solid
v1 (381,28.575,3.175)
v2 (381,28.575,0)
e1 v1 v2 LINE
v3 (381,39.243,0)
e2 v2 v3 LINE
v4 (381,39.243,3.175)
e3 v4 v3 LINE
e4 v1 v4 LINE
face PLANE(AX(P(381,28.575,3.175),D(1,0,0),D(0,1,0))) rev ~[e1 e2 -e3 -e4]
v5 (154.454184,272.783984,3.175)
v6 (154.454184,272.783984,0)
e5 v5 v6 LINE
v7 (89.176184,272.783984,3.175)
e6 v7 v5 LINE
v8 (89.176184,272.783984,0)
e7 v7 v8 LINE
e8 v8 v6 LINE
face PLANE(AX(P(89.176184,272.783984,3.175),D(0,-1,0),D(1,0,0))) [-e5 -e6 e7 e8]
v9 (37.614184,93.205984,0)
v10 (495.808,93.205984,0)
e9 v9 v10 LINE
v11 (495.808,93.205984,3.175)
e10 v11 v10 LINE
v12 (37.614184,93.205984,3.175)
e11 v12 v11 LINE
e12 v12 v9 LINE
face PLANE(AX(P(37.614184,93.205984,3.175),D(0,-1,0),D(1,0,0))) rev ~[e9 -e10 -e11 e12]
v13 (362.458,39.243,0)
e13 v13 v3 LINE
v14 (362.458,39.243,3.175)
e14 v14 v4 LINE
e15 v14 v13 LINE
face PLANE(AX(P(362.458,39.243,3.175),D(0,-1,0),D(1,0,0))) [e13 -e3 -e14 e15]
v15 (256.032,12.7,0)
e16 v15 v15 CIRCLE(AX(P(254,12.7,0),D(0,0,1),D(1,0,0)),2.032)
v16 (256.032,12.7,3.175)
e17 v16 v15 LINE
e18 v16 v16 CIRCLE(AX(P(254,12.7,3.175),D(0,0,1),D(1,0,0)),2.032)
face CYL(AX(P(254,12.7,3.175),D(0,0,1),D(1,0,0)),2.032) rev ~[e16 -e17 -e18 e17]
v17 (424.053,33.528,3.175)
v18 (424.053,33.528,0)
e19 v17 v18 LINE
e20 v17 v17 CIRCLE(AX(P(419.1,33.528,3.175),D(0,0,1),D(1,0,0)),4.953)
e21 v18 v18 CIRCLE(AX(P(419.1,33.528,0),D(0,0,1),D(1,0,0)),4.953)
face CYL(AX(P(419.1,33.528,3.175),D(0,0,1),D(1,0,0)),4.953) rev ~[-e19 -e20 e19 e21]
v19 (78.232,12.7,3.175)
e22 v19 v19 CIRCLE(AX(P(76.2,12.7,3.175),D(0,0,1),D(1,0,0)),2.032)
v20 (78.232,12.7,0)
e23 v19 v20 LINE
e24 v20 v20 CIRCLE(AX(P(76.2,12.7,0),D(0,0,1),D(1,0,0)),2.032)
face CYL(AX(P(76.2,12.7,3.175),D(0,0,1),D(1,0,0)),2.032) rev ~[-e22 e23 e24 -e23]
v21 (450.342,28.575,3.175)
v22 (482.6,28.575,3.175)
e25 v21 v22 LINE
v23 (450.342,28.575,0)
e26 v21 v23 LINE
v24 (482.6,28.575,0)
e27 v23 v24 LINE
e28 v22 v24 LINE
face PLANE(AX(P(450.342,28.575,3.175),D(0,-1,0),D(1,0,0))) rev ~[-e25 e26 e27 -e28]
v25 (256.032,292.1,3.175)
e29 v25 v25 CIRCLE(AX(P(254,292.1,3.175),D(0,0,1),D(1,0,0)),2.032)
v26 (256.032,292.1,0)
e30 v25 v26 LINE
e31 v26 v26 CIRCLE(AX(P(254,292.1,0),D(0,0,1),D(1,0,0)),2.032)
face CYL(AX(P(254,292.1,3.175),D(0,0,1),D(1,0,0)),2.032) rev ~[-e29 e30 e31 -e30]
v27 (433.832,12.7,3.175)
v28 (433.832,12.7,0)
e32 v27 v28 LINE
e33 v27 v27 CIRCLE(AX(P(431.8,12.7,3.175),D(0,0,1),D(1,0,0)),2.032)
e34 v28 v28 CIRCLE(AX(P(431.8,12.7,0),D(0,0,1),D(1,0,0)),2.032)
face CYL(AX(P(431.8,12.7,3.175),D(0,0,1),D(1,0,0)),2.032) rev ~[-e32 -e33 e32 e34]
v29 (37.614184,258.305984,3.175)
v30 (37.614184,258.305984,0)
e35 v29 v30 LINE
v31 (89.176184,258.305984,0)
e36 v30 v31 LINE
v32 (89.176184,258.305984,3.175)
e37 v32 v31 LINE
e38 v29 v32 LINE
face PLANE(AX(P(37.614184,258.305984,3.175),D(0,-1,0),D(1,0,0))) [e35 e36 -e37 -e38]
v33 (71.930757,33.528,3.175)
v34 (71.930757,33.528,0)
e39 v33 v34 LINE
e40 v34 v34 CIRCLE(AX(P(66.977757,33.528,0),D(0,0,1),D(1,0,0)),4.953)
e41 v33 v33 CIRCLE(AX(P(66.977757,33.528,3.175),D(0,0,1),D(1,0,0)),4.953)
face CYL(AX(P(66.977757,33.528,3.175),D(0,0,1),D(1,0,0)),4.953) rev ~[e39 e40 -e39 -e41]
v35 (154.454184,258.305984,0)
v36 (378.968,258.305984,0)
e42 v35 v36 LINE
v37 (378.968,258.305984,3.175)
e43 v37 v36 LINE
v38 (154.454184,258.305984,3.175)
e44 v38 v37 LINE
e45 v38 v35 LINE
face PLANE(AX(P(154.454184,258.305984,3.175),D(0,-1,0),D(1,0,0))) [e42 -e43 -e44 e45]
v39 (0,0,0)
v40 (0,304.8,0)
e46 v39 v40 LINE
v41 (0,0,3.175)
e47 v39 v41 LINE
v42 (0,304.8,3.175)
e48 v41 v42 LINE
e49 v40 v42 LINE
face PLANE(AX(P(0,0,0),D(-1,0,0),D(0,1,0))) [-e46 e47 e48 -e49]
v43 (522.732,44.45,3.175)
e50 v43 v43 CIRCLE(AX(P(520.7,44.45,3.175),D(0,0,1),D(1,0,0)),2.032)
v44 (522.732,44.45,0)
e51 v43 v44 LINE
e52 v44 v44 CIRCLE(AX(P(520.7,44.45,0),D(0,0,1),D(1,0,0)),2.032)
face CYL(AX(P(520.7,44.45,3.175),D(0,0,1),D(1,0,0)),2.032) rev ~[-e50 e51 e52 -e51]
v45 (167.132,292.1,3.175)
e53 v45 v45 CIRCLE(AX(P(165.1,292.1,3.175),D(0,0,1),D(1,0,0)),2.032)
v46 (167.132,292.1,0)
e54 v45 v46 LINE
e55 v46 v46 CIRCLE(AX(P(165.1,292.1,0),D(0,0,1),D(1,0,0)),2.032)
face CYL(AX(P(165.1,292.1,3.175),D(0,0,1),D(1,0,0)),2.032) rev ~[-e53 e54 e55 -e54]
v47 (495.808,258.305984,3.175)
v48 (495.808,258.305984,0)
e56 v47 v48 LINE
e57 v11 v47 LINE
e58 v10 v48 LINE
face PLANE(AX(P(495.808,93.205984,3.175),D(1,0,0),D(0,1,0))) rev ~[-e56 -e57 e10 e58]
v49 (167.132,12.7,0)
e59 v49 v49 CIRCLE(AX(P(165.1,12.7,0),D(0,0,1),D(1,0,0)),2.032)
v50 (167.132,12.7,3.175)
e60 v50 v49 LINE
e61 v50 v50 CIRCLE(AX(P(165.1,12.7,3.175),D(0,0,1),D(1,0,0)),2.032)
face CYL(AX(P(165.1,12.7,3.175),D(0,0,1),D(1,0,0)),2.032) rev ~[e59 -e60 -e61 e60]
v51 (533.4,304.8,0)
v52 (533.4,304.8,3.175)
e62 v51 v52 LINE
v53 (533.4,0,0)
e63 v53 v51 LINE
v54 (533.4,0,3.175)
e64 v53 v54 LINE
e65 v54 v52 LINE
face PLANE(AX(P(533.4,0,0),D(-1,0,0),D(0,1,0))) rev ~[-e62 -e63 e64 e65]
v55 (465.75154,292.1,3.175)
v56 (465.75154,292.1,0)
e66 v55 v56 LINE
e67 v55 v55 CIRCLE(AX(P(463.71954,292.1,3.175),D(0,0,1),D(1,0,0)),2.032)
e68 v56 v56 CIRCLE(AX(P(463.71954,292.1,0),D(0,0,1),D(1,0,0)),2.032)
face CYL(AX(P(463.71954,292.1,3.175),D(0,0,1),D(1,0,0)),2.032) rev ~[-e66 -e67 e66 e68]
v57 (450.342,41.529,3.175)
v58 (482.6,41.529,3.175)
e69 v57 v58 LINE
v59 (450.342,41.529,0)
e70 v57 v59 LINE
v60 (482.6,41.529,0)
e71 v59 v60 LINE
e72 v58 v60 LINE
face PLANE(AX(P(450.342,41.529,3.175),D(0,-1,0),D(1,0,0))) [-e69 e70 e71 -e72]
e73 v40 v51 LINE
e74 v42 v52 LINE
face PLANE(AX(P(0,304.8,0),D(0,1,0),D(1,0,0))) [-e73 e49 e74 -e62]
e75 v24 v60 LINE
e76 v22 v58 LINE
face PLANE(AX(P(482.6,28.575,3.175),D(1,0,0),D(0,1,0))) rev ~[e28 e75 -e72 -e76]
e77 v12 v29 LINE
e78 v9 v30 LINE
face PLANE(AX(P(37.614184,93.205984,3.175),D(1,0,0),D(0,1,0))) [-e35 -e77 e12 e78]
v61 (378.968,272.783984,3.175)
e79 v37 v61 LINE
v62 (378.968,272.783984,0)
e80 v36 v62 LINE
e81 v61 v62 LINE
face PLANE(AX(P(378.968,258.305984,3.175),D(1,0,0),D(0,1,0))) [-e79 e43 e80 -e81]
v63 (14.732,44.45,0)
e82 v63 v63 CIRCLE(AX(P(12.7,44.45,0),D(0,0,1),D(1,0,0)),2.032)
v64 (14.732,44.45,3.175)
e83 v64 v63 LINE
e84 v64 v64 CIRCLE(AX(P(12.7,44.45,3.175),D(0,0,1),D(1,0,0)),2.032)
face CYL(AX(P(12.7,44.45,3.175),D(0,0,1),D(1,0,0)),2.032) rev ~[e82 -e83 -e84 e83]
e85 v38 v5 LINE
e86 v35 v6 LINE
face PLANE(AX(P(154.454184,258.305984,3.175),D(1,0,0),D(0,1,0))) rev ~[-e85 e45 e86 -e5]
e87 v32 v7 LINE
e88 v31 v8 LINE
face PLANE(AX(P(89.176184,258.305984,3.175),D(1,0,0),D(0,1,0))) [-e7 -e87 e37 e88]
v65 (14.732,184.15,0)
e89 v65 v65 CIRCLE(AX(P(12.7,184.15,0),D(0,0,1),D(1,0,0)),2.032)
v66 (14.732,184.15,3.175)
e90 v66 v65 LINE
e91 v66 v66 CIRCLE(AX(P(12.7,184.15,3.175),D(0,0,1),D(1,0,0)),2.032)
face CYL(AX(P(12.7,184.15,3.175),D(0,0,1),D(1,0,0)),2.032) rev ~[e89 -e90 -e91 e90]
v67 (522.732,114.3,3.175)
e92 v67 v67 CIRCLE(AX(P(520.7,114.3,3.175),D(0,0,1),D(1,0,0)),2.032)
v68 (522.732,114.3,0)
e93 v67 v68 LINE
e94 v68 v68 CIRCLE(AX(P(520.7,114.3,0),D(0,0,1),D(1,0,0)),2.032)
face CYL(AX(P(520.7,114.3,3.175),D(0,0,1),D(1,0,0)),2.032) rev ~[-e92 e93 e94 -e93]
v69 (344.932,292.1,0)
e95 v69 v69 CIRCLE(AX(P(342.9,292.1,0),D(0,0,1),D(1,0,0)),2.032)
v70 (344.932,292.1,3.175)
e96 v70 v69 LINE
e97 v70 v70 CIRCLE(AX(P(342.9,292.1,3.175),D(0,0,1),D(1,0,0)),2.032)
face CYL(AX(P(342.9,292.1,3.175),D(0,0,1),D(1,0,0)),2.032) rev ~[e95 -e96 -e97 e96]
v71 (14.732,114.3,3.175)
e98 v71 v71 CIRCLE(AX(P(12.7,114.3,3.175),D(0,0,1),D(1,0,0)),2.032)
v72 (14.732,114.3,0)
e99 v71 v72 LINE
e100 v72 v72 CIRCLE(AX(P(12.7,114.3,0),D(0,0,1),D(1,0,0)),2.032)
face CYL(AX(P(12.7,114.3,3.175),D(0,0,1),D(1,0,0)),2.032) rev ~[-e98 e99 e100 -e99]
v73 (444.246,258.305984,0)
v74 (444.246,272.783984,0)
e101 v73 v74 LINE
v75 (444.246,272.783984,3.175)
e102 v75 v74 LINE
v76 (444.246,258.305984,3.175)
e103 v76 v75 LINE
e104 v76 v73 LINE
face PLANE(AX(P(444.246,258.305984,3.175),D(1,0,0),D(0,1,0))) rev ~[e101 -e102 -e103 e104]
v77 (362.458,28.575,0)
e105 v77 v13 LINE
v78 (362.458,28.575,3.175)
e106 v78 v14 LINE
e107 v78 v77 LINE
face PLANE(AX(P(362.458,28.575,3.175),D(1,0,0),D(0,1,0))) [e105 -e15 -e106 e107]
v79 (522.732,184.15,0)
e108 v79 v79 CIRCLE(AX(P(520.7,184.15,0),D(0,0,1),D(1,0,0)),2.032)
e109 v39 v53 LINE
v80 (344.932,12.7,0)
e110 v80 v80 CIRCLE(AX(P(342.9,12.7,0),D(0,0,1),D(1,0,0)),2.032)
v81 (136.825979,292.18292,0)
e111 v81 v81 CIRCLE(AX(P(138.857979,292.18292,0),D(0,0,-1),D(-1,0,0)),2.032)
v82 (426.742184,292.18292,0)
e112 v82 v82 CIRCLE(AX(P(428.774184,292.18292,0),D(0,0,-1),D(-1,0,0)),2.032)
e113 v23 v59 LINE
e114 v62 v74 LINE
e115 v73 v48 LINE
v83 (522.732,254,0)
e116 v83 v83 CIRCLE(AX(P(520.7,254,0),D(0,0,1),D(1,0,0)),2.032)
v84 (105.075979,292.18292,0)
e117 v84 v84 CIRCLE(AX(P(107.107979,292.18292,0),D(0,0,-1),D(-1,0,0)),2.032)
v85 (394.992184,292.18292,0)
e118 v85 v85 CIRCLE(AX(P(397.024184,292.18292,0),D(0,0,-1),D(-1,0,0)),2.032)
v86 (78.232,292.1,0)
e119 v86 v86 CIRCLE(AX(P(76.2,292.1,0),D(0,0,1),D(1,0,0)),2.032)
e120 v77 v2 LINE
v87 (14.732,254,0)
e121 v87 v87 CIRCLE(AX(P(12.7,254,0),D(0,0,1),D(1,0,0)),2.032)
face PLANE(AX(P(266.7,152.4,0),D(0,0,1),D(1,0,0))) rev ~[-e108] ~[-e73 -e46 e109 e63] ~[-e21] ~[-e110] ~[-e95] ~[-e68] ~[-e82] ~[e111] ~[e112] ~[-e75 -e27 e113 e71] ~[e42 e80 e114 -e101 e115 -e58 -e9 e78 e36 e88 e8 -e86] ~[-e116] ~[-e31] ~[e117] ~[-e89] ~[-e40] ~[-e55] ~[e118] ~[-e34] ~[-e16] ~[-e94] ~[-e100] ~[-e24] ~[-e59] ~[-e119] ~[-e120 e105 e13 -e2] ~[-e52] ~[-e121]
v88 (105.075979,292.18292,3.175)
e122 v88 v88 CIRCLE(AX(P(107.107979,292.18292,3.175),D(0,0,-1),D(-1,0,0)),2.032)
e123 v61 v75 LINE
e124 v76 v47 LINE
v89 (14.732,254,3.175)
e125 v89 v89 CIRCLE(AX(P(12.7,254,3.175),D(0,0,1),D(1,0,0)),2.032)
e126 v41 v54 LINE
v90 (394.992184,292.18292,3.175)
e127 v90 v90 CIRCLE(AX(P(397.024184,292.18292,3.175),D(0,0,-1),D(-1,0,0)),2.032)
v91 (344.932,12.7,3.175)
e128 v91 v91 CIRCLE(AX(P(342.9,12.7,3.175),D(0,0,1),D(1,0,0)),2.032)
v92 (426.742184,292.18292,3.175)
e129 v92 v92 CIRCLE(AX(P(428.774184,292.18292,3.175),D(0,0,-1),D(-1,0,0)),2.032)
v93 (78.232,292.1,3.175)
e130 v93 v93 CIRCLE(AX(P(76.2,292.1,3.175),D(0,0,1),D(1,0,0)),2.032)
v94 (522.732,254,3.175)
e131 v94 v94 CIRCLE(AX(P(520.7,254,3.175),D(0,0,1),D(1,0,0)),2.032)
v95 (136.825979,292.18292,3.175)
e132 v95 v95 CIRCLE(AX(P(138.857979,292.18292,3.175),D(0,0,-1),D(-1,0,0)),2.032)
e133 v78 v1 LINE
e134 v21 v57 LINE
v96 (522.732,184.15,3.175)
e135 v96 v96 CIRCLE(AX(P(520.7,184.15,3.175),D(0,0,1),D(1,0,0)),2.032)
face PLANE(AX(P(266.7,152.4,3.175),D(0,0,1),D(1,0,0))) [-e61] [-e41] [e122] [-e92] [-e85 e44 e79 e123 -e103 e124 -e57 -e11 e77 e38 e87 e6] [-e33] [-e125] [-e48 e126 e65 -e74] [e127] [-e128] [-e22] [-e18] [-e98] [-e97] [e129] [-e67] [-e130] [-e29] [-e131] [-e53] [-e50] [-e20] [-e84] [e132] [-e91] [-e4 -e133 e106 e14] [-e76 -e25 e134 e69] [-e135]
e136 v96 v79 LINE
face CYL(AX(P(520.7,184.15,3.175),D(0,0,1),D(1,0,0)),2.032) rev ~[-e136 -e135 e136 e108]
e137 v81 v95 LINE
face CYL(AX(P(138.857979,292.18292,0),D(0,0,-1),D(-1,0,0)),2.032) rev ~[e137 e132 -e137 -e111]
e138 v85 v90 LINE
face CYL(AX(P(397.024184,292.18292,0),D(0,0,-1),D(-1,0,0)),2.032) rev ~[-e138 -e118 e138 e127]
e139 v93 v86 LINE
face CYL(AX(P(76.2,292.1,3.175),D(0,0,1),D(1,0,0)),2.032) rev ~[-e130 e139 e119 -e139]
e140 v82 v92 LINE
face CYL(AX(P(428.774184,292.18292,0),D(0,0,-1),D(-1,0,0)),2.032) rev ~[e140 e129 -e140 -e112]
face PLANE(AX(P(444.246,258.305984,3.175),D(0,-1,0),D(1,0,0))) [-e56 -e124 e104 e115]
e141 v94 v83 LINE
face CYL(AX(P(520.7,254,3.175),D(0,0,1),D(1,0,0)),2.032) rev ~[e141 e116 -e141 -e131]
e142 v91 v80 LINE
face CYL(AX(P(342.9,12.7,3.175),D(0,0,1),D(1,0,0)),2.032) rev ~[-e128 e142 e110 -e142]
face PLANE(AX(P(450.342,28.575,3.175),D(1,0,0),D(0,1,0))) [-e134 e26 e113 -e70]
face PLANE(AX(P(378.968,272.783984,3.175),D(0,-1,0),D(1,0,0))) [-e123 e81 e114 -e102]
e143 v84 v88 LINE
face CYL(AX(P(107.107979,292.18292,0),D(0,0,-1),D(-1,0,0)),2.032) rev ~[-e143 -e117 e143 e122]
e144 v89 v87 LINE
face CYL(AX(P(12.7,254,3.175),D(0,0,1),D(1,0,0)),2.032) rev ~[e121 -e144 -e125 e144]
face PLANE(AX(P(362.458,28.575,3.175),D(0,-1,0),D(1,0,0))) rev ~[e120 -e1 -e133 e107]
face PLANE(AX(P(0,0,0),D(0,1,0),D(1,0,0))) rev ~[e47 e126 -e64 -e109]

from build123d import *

# Parameters (mm, degrees)
SKETCH1_W           = 533.4
SKETCH1_H           = 304.8
BOSS_EXTRUDE1_DEPTH = 3.175
SKETCH5_R           = 2.032
CUT_EXTRUDE4_DEPTH  = 4.175
SKETCH6_R           = 2.032
CUT_EXTRUDE5_DEPTH  = 3.175
SKETCH7_R           = 2.032
CUT_EXTRUDE6_DEPTH  = 4.175
SKETCH8_W           = 458.193815808
SKETCH8_H           = 165.1
SKETCH8_W_2         = 65.278
SKETCH8_H_2         = 14.478
CUT_EXTRUDE7_DEPTH  = 4.175
SKETCH9_R           = 4.953
SKETCH9_W           = 32.258
SKETCH9_H           = 12.954
SKETCH9_W_2         = 18.542
SKETCH9_H_2         = 10.668
CUT_EXTRUDE8_DEPTH  = 4.175


with BuildPart() as part:
    # Sketch1 → Boss-Extrude1 (new body)
    with BuildSketch(Plane.XY):
        with Locations((266.7, 152.4)):
            Rectangle(SKETCH1_W, SKETCH1_H)
    extrude(amount=BOSS_EXTRUDE1_DEPTH)

    # Sketch5 → Cut-Extrude4 (cut, through all)
    with BuildSketch(Plane.XY.offset(3.175)):
        with Locations((76.2, 12.7)):
            Circle(SKETCH5_R)
        with Locations((165.1, 12.7)):
            Circle(SKETCH5_R)
        with Locations((254, 12.7)):
            Circle(SKETCH5_R)
        with Locations((342.9, 12.7)):
            Circle(SKETCH5_R)
        with Locations((431.8, 12.7)):
            Circle(SKETCH5_R)
        with Locations((342.9, 292.1)):
            Circle(SKETCH5_R)
        with Locations((254, 292.1)):
            Circle(SKETCH5_R)
        with Locations((165.1, 292.1)):
            Circle(SKETCH5_R)
        with Locations((76.2, 292.1)):
            Circle(SKETCH5_R)
        with Locations((463.719540129, 292.1)):
            Circle(SKETCH5_R)
    extrude(amount=-CUT_EXTRUDE4_DEPTH, mode=Mode.SUBTRACT)

    # Sketch6 → Cut-Extrude5 (cut)
    with BuildSketch(Plane.XY.offset(3.175)):
        with Locations((12.7, 254)):
            Circle(SKETCH6_R)
        with Locations((12.7, 184.15)):
            Circle(SKETCH6_R)
        with Locations((12.7, 114.3)):
            Circle(SKETCH6_R)
        with Locations((12.7, 44.45)):
            Circle(SKETCH6_R)
        with Locations((520.7, 44.45)):
            Circle(SKETCH6_R)
        with Locations((520.7, 114.3)):
            Circle(SKETCH6_R)
        with Locations((520.7, 184.15)):
            Circle(SKETCH6_R)
        with Locations((520.7, 254)):
            Circle(SKETCH6_R)
    extrude(amount=-CUT_EXTRUDE5_DEPTH, mode=Mode.SUBTRACT)

    # Sketch7 → Cut-Extrude6 (cut, through all)
    with BuildSketch(Plane(origin=(0, 0, 0), x_dir=(-1, 0, 0), z_dir=(0, 0, -1))):
        with Locations((-138.857978908, 292.182920205)):
            Circle(SKETCH7_R)
        with Locations((-107.107978908, 292.182920205)):
            Circle(SKETCH7_R)
        with Locations((-428.774184192, 292.182920205)):
            Circle(SKETCH7_R)
        with Locations((-397.024184192, 292.182920205)):
            Circle(SKETCH7_R)
    extrude(amount=-CUT_EXTRUDE6_DEPTH, mode=Mode.SUBTRACT)

    # Sketch8 → Cut-Extrude7 (cut, through all)
    with BuildSketch(Plane.XY.offset(3.175)):
        with Locations((266.711092096, 175.755983959)):
            Rectangle(SKETCH8_W, SKETCH8_H)
        with Locations((121.815184192, 265.544983959)):
            Rectangle(SKETCH8_W_2, SKETCH8_H_2)
        with Locations((411.607, 265.544983959)):
            Rectangle(SKETCH8_W_2, SKETCH8_H_2)
    extrude(amount=-CUT_EXTRUDE7_DEPTH, mode=Mode.SUBTRACT)

    # Sketch9 → Cut-Extrude8 (cut, through all)
    with BuildSketch(Plane.XY.offset(3.175)):
        with Locations((419.1, 33.528)):
            Circle(SKETCH9_R)
        with Locations((66.977757166, 33.528)):
            Circle(SKETCH9_R)
        with Locations((466.471, 35.052)):
            Rectangle(SKETCH9_W, SKETCH9_H)
        with Locations((371.729, 33.909)):
            Rectangle(SKETCH9_W_2, SKETCH9_H_2)
    extrude(amount=-CUT_EXTRUDE8_DEPTH, mode=Mode.SUBTRACT)


solid = part.part
